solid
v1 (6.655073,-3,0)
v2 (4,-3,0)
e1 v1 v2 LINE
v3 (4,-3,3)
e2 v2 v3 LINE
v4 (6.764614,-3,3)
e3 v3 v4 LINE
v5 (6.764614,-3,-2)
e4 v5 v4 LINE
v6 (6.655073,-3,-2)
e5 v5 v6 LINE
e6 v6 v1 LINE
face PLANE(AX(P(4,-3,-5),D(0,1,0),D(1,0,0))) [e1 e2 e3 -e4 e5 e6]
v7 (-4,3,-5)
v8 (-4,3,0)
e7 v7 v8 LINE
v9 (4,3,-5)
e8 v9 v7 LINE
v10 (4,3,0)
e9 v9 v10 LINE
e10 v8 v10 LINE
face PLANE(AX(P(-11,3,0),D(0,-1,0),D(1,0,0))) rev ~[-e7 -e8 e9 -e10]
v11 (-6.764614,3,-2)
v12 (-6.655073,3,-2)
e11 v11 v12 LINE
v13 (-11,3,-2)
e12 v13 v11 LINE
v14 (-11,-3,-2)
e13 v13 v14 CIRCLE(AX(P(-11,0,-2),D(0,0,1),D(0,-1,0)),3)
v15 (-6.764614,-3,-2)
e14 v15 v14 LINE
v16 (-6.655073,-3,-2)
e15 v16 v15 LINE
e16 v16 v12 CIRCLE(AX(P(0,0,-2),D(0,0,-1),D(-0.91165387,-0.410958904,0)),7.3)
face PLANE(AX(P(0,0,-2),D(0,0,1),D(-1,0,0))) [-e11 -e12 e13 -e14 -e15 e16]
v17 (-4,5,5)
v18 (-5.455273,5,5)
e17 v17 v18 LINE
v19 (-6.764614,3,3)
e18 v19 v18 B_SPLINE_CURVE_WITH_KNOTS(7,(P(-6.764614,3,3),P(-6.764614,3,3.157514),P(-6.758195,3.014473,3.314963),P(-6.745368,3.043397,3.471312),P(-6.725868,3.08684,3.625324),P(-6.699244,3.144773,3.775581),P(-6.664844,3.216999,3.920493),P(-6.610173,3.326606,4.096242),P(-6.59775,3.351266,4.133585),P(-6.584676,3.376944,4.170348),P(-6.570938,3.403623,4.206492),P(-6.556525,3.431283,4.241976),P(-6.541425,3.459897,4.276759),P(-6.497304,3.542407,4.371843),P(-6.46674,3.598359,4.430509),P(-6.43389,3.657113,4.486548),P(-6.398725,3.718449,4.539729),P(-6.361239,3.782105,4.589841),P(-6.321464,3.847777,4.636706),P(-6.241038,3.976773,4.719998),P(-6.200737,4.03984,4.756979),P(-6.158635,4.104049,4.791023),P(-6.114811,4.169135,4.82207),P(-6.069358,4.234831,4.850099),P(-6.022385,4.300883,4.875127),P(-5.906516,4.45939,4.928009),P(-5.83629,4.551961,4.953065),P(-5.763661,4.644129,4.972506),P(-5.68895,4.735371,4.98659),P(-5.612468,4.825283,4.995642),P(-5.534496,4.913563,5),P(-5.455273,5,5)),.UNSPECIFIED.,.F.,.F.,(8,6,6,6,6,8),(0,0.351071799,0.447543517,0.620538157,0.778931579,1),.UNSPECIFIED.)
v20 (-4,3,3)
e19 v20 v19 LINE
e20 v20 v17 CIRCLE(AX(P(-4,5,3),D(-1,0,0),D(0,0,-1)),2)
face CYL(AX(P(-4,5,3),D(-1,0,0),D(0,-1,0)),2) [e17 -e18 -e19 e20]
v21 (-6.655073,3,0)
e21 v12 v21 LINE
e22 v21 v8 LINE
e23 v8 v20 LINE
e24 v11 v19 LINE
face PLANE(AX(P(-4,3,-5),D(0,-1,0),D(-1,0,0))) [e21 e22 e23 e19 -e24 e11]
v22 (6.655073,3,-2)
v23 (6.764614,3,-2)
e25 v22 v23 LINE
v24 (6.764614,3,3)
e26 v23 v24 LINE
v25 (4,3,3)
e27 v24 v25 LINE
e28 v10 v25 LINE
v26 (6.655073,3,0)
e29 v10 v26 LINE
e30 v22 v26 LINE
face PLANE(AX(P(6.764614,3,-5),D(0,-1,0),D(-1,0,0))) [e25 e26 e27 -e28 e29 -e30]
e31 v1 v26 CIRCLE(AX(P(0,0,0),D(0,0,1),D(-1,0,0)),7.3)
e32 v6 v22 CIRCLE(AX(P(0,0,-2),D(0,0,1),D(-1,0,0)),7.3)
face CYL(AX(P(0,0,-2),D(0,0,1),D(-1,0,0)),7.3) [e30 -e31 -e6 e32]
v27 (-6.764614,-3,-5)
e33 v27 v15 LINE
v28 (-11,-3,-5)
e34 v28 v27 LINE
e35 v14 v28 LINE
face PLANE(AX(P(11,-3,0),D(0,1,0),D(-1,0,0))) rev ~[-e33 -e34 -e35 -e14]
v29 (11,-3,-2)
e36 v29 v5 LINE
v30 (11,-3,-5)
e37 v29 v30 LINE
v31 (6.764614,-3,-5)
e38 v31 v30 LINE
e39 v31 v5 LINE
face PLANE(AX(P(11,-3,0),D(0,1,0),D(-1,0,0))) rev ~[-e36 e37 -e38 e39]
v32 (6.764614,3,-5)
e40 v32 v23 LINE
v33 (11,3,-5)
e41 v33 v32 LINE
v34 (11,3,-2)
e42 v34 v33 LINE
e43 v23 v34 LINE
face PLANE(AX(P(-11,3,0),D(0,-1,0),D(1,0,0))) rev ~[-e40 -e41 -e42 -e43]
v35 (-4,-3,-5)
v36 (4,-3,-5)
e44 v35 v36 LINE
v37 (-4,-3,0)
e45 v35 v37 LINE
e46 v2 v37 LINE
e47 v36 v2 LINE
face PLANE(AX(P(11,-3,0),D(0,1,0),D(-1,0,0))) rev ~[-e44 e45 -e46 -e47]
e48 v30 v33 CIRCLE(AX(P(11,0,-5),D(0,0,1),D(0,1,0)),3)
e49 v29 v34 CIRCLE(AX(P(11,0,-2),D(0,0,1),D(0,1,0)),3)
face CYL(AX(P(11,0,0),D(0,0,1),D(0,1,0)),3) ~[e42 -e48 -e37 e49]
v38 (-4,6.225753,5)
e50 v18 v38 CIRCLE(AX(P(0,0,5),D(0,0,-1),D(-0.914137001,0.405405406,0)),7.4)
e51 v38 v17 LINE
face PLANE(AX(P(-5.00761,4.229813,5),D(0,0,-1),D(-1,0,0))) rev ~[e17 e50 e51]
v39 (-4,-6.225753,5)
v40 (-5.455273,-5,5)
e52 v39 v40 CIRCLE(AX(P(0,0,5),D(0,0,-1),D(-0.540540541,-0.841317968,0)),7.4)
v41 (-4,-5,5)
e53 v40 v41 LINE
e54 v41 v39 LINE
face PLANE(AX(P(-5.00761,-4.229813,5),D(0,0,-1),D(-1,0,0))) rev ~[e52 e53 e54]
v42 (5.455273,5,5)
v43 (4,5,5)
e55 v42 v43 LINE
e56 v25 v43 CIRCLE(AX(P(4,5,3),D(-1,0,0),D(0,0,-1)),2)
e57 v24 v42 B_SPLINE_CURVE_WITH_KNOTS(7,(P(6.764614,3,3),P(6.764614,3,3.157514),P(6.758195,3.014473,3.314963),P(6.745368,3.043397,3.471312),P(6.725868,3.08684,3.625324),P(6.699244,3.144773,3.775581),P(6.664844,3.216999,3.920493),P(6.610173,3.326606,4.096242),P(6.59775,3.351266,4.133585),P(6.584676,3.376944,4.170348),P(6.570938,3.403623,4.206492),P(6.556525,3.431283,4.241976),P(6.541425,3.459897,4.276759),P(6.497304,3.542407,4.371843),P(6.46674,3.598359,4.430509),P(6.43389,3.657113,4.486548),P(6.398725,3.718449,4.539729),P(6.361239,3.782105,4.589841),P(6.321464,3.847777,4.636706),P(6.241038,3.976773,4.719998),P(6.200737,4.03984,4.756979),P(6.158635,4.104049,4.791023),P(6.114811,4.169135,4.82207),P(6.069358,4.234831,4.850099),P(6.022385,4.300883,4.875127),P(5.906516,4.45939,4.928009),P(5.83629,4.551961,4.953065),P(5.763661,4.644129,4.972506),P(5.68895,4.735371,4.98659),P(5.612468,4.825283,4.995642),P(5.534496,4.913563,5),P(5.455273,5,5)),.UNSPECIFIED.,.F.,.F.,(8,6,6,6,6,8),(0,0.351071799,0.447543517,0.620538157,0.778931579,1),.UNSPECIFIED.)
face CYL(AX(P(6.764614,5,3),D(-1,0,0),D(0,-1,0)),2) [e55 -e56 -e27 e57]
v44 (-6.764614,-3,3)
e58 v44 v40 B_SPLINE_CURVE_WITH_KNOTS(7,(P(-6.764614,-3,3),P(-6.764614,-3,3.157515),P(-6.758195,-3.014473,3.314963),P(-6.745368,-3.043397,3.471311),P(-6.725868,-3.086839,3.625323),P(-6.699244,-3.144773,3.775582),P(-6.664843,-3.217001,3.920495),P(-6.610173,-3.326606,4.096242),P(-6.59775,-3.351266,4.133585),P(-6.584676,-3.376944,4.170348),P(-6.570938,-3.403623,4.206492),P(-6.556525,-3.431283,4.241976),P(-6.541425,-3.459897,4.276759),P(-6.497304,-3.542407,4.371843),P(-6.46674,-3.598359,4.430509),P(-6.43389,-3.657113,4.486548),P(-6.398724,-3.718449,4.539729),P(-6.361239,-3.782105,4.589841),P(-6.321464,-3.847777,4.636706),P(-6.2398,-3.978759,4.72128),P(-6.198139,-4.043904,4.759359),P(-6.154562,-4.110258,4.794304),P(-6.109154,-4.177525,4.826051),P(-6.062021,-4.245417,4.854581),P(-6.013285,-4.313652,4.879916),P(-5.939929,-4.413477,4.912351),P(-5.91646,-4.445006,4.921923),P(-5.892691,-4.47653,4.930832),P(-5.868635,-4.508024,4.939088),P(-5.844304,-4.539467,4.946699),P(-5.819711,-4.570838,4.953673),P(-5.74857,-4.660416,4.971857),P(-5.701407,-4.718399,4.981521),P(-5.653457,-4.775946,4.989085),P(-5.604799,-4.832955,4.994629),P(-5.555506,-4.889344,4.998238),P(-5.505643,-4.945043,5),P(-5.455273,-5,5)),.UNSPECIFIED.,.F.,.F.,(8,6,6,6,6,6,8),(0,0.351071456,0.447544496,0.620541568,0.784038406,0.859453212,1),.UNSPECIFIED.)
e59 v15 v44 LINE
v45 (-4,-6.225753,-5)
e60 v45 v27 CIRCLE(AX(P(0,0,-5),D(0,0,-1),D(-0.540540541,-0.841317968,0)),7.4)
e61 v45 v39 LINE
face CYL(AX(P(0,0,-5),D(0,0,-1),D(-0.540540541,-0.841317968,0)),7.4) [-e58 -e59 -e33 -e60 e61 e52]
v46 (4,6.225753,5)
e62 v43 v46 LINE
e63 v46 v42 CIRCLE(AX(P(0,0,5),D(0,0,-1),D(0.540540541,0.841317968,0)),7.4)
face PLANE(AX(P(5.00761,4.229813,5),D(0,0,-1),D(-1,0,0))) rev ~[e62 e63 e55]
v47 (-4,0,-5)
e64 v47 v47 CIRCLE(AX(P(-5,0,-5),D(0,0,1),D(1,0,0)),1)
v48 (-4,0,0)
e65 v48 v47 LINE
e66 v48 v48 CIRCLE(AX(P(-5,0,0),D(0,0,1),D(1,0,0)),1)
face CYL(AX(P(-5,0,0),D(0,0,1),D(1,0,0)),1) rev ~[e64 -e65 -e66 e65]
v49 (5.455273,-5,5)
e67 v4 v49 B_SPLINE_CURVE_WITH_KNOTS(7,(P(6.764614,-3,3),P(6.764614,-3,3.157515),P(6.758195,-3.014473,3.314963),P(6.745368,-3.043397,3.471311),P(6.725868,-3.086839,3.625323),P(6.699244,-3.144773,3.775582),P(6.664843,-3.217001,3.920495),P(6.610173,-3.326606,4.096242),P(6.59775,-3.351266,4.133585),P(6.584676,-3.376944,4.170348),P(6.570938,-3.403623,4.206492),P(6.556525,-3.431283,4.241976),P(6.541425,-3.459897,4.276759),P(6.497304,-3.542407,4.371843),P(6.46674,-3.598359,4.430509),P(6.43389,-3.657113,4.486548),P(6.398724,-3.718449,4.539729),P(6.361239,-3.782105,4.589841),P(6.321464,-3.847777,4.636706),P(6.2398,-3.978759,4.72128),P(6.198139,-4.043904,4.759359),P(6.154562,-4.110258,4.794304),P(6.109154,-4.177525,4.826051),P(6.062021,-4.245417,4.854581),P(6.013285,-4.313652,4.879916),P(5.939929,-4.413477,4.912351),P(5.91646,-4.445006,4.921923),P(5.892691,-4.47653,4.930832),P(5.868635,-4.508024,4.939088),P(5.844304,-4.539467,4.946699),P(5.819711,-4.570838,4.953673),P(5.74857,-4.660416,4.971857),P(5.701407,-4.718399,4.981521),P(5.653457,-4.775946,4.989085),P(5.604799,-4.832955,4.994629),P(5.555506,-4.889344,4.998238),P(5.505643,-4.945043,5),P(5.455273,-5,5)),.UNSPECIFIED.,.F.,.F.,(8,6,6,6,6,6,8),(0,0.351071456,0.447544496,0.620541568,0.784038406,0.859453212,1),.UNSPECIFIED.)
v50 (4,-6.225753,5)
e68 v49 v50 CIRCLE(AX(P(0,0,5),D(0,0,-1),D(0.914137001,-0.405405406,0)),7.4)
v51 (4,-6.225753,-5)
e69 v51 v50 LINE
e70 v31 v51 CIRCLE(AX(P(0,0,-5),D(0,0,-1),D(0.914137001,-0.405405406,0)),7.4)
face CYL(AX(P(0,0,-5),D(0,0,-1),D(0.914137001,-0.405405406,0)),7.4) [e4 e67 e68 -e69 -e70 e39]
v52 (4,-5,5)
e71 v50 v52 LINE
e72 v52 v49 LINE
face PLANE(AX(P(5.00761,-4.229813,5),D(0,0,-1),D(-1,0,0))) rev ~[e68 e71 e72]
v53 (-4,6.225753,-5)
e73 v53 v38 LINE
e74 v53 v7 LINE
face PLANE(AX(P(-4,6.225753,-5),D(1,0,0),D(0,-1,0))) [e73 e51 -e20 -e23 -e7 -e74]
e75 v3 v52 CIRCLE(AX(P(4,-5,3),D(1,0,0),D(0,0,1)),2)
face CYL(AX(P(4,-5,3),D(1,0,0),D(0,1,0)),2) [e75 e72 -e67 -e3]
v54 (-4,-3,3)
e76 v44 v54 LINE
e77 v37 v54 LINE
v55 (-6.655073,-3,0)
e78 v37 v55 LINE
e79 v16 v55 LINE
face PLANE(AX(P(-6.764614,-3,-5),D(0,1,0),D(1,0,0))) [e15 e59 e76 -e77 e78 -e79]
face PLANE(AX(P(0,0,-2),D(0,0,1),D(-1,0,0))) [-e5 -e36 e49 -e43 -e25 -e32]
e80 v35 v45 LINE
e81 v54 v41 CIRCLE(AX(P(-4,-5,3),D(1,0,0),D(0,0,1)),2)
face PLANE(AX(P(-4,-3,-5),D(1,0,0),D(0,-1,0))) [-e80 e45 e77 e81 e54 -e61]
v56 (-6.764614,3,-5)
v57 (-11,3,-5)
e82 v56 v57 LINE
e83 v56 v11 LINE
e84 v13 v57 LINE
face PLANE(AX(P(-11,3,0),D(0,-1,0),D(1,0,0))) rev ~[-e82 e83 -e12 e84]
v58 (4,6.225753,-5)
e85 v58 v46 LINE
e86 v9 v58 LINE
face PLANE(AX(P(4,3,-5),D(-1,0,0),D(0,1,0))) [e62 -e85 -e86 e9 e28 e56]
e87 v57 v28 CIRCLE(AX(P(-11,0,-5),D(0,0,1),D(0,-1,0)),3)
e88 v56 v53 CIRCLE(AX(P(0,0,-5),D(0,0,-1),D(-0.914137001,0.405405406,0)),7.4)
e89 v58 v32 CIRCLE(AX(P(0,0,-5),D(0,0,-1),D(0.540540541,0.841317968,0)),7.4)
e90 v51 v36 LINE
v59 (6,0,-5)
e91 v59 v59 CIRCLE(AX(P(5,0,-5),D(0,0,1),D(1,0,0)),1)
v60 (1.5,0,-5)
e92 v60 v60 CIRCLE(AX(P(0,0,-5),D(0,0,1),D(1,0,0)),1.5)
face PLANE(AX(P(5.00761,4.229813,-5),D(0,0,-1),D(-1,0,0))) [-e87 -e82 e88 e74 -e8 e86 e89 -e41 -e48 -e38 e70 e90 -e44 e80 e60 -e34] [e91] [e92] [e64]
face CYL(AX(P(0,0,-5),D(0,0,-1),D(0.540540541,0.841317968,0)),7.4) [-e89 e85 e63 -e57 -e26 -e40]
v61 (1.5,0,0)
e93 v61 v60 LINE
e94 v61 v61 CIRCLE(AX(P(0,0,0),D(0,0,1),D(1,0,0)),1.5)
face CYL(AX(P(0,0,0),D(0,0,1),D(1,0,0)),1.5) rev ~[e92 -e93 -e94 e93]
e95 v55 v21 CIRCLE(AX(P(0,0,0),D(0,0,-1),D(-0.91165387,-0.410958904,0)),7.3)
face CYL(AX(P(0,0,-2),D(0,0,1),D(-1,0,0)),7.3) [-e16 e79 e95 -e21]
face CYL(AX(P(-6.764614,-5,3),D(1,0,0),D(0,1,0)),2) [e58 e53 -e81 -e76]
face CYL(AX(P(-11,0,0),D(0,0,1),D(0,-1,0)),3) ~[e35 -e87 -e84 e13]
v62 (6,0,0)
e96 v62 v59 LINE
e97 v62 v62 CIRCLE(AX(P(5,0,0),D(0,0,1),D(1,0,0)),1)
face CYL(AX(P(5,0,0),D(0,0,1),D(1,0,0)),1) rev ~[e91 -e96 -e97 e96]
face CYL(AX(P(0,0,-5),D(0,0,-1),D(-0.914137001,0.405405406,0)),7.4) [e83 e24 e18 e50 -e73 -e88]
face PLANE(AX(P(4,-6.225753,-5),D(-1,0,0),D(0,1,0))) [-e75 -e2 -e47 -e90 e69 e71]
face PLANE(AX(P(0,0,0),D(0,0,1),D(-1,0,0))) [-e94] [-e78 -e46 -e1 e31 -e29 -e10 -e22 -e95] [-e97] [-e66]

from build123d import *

# Parameters (mm, degrees)
SKETCH_2_W          = 49.662427868
SKETCH_2_H          = 43.948008528
CUT_EXTRUDE_1_DEPTH = 10
SKETCH_3_R          = 1.5
SKETCH_3_R_2        = 1
CUT_EXTRUDE_2_DEPTH = 16.165750888
EXTRUDE_1_DEPTH     = 10
FILLET_1_R          = 2


with BuildPart() as part:
    # 草图1 → 旋转3 (revolve)
    with BuildSketch(Plane(origin=(0, 0, 0), x_dir=(1, 0, 0), z_dir=(0, 1, 0)), mode=Mode.PRIVATE) as revolve_3_sk:
        Polygon((0, 0), (0, 5), (20, 5), (20, 2), (7.3, 2), (7.3, 0), align=None)
    revolve(revolve_3_sk.sketch.rotate(Axis((0, 0, 0), (0, 0, 1)), 180), axis=Axis((0, 0, 0), (0, 0, 1)))

    # 草图2 → 切除-拉伸1 (cut)
    with BuildSketch(Plane.XY):
        Rectangle(SKETCH_2_W, SKETCH_2_H)
        with BuildLine():
            Line((11, -3), (-11, -3))
            ThreePointArc((-11, -3), (-14, 0), (-11, 3))
            Line((-11, 3), (11, 3))
            ThreePointArc((11, 3), (14, 0), (11, -3))
        make_face(mode=Mode.SUBTRACT)
    extrude(amount=-CUT_EXTRUDE_1_DEPTH, mode=Mode.SUBTRACT)

    # 草图3 → 切除-拉伸2 (cut, through all)
    with BuildSketch(Plane.XY):
        Circle(SKETCH_3_R)
        with Locations((5, 0)):
            Circle(SKETCH_3_R_2)
        with Locations((-5, 0)):
            Circle(SKETCH_3_R_2)
    extrude(amount=-CUT_EXTRUDE_2_DEPTH, mode=Mode.SUBTRACT)

    # 草图4 → 凸台-拉伸1 (add)
    with BuildSketch(Plane(origin=(0, 0, -5), x_dir=(-1, 0, 0), z_dir=(0, 0, -1))):
        with BuildLine():
            Line((-4, 3), (-4, 6.225752967))
            ThreePointArc((-4, 6.225752967), (-5.618771945, 4.815537543), (-6.76461381, 3))
            Line((-6.76461381, 3), (-4, 3))
        make_face()
        with BuildLine():
            ThreePointArc((6.76461381, 3), (5.618771945, 4.815537543), (4, 6.225752967))
            Line((4, 6.225752967), (4, 3))
            Line((4, 3), (6.76461381, 3))
        make_face()
        with BuildLine():
            Line((6.76461381, -3), (4, -3))
            Line((4, -3), (4, -6.225752967))
            ThreePointArc((4, -6.225752967), (5.618771945, -4.815537543), (6.76461381, -3))
        make_face()
        with BuildLine():
            Line((-4, -6.225752967), (-4, -3))
            Line((-4, -3), (-6.76461381, -3))
            ThreePointArc((-6.76461381, -3), (-5.618771945, -4.815537543), (-4, -6.225752967))
        make_face()
    extrude(amount=-EXTRUDE_1_DEPTH)

    # 圆角1
    fillet_1_edges = [part.edges().sort_by_distance(p)[0] for p in [
        (5.382306905, -3, 5),
        (5.382306905, 3, 5),
        (-5.382306905, 3, 5),
        (-5.382306905, -3, 5),
    ]]
    fillet(fillet_1_edges, radius=FILLET_1_R)


solid = part.part
